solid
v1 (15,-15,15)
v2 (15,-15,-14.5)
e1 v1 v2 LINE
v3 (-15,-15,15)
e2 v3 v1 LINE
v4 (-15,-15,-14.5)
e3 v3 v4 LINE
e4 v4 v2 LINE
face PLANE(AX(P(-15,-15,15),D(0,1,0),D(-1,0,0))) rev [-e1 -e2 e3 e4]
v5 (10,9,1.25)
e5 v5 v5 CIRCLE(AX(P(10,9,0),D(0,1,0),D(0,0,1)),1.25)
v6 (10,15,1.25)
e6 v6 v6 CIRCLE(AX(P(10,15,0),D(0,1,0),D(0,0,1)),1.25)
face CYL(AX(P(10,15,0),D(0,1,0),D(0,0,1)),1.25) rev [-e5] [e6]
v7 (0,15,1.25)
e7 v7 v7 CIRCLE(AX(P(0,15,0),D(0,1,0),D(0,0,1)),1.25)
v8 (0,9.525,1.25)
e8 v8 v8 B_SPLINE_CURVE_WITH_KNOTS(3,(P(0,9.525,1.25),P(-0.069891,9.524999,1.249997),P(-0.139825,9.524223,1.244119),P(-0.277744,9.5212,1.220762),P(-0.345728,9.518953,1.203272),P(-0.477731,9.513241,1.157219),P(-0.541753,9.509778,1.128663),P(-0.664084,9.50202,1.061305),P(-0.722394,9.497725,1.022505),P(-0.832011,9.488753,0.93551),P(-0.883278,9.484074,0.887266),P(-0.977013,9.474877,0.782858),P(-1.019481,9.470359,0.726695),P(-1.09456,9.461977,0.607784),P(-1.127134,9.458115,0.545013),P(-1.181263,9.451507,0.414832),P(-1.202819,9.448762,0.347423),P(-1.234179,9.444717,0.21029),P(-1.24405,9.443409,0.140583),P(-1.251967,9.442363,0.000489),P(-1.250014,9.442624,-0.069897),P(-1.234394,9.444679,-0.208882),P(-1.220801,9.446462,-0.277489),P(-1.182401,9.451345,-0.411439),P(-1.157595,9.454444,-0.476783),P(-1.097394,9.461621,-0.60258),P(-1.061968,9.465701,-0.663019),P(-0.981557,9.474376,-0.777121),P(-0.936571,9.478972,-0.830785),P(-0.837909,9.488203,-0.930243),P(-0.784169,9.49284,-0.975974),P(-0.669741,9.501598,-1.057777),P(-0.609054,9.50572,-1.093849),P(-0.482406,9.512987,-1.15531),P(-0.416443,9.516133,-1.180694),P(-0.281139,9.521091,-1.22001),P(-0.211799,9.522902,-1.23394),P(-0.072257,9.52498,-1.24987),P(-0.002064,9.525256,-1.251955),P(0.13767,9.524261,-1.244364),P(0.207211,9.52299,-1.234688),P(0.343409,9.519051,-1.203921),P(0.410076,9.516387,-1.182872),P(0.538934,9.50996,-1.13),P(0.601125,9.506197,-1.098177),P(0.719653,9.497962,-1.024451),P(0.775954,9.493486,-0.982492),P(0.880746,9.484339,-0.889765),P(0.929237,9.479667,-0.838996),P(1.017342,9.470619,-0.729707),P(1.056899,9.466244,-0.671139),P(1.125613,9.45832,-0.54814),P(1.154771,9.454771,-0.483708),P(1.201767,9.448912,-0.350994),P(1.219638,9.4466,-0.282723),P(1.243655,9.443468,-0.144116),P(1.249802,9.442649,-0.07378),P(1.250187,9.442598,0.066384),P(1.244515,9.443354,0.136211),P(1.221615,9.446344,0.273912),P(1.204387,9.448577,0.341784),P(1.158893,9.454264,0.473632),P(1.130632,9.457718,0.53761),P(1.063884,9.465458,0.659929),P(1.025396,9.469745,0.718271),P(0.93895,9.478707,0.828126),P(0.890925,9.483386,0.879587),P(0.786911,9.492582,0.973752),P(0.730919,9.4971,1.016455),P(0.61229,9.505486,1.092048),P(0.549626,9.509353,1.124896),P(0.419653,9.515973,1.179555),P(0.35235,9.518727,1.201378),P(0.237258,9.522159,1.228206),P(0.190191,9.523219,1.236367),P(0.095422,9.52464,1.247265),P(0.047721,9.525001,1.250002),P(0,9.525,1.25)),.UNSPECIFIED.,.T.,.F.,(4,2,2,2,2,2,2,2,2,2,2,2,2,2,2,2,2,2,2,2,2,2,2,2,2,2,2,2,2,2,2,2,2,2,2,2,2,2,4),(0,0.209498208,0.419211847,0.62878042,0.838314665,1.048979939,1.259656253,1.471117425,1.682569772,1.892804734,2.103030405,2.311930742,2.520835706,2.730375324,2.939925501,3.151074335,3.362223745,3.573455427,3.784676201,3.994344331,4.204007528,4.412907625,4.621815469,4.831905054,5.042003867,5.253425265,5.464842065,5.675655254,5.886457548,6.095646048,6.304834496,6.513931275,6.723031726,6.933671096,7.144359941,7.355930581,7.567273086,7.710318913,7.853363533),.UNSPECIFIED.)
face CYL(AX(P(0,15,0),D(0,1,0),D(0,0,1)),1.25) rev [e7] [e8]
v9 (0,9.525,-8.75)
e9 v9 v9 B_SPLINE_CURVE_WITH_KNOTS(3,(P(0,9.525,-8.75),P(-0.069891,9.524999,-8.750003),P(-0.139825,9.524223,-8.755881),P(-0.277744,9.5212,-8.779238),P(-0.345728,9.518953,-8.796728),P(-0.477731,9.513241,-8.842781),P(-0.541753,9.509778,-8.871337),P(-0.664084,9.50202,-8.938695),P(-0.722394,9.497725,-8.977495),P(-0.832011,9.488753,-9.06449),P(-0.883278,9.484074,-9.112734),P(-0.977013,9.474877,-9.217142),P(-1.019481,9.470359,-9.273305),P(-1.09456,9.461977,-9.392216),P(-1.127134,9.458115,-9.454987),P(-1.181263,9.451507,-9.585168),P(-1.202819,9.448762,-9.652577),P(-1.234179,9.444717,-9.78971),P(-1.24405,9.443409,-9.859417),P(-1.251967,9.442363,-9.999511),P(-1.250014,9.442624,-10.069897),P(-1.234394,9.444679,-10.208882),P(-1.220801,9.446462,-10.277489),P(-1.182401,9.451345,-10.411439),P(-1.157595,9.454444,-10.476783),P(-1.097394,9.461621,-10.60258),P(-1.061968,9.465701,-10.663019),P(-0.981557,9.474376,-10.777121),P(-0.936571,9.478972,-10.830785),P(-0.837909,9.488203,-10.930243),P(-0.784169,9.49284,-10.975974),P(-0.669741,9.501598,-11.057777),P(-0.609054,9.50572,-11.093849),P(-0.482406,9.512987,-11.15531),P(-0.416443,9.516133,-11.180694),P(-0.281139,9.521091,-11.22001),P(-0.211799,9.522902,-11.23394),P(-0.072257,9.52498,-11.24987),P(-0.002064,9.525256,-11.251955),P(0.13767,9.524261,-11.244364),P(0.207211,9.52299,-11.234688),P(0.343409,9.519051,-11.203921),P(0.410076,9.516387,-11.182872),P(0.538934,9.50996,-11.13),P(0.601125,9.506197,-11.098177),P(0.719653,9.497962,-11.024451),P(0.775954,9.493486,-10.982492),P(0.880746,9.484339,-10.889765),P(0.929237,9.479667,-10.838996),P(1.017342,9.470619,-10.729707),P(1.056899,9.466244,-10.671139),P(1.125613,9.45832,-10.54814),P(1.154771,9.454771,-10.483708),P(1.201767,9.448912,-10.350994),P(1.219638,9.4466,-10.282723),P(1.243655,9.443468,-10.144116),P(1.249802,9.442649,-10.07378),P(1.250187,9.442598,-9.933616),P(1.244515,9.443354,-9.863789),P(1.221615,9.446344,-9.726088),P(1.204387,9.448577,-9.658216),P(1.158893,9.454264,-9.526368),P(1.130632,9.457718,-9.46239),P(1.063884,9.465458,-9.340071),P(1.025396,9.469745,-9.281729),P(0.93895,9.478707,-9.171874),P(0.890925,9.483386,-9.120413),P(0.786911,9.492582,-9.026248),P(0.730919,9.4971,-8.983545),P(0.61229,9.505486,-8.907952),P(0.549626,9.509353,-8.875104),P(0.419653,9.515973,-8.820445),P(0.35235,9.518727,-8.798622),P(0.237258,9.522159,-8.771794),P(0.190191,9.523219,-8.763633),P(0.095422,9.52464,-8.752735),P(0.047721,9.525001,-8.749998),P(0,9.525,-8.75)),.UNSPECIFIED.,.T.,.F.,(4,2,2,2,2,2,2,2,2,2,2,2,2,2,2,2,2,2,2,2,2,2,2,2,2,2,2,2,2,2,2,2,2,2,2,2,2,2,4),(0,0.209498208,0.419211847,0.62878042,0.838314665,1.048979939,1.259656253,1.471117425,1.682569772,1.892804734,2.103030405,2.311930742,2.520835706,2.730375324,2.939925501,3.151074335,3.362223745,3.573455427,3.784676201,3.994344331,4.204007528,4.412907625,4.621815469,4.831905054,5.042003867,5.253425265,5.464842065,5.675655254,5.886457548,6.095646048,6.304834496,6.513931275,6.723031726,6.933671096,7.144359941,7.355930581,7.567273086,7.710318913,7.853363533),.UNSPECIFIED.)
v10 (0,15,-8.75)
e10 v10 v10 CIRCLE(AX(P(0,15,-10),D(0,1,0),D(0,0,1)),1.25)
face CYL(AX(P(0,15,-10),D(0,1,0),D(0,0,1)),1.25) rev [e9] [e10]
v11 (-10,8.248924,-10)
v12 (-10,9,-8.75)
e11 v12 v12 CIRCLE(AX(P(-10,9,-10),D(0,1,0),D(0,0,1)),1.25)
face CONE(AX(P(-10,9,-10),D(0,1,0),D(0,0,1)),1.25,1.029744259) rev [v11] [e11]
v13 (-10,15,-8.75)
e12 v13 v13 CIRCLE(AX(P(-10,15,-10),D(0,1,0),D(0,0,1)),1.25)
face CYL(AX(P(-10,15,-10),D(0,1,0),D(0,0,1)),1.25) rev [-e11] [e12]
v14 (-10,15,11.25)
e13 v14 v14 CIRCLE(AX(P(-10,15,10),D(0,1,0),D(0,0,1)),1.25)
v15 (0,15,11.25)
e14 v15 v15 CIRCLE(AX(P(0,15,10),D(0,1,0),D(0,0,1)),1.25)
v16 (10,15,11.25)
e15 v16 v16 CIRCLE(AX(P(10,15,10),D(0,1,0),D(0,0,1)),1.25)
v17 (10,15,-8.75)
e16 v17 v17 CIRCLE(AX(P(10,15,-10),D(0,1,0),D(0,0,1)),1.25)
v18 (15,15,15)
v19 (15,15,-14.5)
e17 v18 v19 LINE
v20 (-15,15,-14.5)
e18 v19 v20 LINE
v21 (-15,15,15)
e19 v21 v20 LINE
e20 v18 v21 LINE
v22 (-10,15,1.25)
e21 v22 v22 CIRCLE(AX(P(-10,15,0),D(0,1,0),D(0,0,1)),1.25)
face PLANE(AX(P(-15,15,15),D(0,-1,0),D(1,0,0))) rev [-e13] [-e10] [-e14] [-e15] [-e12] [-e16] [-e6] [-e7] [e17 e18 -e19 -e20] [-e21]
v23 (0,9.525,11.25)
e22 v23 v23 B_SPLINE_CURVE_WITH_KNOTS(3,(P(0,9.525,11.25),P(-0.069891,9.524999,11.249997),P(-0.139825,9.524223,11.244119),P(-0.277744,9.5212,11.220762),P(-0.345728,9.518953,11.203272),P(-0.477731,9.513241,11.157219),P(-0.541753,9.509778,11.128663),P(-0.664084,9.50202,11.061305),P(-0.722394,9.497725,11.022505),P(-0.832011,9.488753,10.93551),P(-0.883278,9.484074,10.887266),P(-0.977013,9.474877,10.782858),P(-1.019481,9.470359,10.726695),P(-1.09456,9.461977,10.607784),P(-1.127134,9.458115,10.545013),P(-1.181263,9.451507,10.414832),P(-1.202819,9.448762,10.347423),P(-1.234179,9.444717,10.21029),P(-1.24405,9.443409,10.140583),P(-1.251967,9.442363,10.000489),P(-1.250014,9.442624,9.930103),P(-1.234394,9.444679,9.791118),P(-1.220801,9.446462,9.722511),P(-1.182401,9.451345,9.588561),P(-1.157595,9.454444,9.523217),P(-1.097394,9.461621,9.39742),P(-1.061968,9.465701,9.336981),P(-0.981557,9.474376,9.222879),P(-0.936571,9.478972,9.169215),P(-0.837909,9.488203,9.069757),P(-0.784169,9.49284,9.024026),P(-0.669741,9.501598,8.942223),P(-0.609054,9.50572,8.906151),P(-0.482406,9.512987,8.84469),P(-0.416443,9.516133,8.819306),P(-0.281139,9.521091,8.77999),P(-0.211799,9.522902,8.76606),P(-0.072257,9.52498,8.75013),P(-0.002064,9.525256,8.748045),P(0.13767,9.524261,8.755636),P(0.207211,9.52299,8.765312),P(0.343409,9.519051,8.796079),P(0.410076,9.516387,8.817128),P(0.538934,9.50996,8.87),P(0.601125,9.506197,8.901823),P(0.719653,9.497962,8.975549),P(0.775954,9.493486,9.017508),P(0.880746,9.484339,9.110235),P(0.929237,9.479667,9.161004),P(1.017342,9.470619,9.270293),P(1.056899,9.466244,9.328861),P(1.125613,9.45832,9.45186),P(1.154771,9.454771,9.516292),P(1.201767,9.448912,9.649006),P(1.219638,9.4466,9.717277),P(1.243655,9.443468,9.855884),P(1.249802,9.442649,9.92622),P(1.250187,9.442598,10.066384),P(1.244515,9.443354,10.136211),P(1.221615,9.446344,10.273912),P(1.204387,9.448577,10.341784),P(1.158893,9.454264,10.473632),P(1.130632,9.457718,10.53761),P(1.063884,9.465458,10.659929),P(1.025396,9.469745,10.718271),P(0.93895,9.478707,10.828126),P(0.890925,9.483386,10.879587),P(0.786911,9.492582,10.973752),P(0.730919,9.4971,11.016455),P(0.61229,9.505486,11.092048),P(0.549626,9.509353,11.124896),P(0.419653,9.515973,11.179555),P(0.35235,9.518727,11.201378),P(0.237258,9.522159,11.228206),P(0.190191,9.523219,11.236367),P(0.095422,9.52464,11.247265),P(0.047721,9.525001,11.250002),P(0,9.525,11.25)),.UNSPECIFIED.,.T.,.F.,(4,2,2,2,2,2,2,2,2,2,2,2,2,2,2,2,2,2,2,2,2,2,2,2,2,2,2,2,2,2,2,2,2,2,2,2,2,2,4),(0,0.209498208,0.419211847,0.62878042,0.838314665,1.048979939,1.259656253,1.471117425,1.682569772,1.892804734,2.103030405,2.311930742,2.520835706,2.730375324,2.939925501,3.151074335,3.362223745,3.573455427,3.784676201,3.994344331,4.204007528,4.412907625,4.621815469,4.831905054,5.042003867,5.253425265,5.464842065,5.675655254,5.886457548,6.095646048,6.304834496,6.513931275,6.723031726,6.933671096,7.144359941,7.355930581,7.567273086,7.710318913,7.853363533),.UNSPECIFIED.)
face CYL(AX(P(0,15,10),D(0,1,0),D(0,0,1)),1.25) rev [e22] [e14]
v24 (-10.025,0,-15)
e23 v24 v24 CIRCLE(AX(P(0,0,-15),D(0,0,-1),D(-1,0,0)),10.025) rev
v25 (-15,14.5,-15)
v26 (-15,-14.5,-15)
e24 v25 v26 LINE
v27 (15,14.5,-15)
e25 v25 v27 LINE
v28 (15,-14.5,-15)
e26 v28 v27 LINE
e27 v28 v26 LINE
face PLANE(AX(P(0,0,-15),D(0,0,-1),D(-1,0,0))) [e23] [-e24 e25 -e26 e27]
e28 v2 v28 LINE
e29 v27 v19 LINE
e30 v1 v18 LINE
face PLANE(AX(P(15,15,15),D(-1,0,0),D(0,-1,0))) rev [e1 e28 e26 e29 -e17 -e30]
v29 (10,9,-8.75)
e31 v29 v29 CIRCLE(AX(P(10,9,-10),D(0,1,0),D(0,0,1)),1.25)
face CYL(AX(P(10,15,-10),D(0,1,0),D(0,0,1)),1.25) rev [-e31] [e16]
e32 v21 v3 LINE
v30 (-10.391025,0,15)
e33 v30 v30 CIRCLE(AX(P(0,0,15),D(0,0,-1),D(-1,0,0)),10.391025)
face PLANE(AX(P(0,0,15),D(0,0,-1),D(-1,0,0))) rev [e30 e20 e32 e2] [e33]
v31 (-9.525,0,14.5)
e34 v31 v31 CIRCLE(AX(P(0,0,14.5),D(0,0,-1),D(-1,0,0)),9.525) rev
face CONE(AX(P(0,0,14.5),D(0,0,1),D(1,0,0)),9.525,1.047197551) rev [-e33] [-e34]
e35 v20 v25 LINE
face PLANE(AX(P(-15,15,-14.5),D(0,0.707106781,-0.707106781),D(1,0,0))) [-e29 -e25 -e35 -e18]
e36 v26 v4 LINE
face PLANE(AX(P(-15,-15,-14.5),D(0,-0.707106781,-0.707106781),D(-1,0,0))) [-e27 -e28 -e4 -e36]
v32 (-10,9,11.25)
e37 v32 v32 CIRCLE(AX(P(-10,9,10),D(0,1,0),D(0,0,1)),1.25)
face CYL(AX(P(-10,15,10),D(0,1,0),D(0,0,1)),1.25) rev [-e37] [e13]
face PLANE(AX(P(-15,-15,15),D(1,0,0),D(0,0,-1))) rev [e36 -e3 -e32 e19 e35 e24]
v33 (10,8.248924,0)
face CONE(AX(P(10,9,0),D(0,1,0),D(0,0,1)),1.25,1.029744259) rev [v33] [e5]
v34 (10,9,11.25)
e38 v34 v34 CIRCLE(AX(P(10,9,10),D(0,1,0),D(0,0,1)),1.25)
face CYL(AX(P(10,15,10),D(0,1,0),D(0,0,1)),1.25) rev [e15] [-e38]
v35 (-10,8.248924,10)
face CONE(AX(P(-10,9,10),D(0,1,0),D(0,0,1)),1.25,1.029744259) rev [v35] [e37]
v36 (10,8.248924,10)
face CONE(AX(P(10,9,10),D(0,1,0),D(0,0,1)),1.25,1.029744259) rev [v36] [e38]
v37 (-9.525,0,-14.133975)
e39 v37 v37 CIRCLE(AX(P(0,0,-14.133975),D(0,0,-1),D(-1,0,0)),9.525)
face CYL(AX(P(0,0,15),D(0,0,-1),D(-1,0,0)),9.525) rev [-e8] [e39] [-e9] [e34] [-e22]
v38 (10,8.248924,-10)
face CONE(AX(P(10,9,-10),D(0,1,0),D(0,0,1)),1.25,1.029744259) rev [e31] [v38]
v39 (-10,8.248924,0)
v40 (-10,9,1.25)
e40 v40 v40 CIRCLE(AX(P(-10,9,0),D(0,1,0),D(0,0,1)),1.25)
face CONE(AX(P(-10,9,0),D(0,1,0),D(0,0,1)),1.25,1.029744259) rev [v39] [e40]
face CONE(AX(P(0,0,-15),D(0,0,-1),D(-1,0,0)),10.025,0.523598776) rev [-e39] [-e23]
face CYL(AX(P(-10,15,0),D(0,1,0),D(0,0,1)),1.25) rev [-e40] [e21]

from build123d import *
from OCP.BRepFilletAPI import BRepFilletAPI_MakeChamfer

# Parameters (mm, degrees)
SKETCH1_W                 = 30
SKETCH1_H                 = 30
SKETCH1_R                 = 9.525
BOSS_EXTRUDE1_DEPTH       = 15
CHAMFER2_SIZE             = 0.5
CHAMFER2_SIZE2            = 0.866025404
CHAMFER3_SIZE             = 0.5
M3X0_5_TAPPED_HOLE1_D     = 2.5
M3X0_5_TAPPED_HOLE1_DEPTH = 6
M3X0_5_TAPPED_HOLE1_TIP   = 0.751075774


with BuildPart() as part:
    # Sketch1 → Boss-Extrude1 (new, symmetric)
    with BuildSketch(Plane.XY):
        Rectangle(SKETCH1_W, SKETCH1_H)
        Circle(SKETCH1_R, mode=Mode.SUBTRACT)
    extrude(amount=BOSS_EXTRUDE1_DEPTH, both=True)

    # Chamfer2: one chamfer whose edges measure the first distance from different faces: ONE call of the kernel's chamfer builder (chamfer() names one face for all edges)
    chamfer2_edges_1 = [part.edges().sort_by_distance(p)[0] for p in [
        (-9.525, 0, -15),
    ]]
    chamfer2_side_1 = [part.faces().sort_by_distance(p)[0] for p in [
        (0, -14.575735931, -15),
    ]]
    chamfer2_edges_2 = [part.edges().sort_by_distance(p)[0] for p in [
        (-9.525, 0, 15),
    ]]
    chamfer2_side_2 = [part.faces().sort_by_distance(p)[0] for p in [
        (-9.525, 0, 0),
    ]]
    chamfer2 = BRepFilletAPI_MakeChamfer(part.part.solid().wrapped)
    for e in chamfer2_edges_1:
        chamfer2.Add(CHAMFER2_SIZE, CHAMFER2_SIZE2, e.wrapped, chamfer2_side_1[0].wrapped)  # the first distance lies on this face
    for e in chamfer2_edges_2:
        chamfer2.Add(CHAMFER2_SIZE, CHAMFER2_SIZE2, e.wrapped, chamfer2_side_2[0].wrapped)  # the first distance lies on this face
    add(Compound.cast(chamfer2.Shape()), mode=Mode.REPLACE)

    # Chamfer3
    chamfer3_edges = [part.edges().sort_by_distance(p)[0] for p in [
        (0, 15, -15),
        (0, -15, -15),
    ]]
    chamfer(chamfer3_edges, length=CHAMFER3_SIZE)

    # M3x0.5 Tapped Hole1
    with Locations(Plane(origin=(0, 15, 0), x_dir=(1, 0, 0), z_dir=(0, 1, 0))):
        with Locations((-10, 0), (10, 0), (0, 0), (-10, 10), (-10, -10), (10, 10), (10, -10), (0, 10), (0, -10)):
            Hole(M3X0_5_TAPPED_HOLE1_D / 2, depth=M3X0_5_TAPPED_HOLE1_DEPTH)
            with Locations((0, 0, -(M3X0_5_TAPPED_HOLE1_DEPTH + M3X0_5_TAPPED_HOLE1_TIP / 2))):  # 118° drill point
                Cone(0, M3X0_5_TAPPED_HOLE1_D / 2, M3X0_5_TAPPED_HOLE1_TIP, mode=Mode.SUBTRACT)


solid = part.part
